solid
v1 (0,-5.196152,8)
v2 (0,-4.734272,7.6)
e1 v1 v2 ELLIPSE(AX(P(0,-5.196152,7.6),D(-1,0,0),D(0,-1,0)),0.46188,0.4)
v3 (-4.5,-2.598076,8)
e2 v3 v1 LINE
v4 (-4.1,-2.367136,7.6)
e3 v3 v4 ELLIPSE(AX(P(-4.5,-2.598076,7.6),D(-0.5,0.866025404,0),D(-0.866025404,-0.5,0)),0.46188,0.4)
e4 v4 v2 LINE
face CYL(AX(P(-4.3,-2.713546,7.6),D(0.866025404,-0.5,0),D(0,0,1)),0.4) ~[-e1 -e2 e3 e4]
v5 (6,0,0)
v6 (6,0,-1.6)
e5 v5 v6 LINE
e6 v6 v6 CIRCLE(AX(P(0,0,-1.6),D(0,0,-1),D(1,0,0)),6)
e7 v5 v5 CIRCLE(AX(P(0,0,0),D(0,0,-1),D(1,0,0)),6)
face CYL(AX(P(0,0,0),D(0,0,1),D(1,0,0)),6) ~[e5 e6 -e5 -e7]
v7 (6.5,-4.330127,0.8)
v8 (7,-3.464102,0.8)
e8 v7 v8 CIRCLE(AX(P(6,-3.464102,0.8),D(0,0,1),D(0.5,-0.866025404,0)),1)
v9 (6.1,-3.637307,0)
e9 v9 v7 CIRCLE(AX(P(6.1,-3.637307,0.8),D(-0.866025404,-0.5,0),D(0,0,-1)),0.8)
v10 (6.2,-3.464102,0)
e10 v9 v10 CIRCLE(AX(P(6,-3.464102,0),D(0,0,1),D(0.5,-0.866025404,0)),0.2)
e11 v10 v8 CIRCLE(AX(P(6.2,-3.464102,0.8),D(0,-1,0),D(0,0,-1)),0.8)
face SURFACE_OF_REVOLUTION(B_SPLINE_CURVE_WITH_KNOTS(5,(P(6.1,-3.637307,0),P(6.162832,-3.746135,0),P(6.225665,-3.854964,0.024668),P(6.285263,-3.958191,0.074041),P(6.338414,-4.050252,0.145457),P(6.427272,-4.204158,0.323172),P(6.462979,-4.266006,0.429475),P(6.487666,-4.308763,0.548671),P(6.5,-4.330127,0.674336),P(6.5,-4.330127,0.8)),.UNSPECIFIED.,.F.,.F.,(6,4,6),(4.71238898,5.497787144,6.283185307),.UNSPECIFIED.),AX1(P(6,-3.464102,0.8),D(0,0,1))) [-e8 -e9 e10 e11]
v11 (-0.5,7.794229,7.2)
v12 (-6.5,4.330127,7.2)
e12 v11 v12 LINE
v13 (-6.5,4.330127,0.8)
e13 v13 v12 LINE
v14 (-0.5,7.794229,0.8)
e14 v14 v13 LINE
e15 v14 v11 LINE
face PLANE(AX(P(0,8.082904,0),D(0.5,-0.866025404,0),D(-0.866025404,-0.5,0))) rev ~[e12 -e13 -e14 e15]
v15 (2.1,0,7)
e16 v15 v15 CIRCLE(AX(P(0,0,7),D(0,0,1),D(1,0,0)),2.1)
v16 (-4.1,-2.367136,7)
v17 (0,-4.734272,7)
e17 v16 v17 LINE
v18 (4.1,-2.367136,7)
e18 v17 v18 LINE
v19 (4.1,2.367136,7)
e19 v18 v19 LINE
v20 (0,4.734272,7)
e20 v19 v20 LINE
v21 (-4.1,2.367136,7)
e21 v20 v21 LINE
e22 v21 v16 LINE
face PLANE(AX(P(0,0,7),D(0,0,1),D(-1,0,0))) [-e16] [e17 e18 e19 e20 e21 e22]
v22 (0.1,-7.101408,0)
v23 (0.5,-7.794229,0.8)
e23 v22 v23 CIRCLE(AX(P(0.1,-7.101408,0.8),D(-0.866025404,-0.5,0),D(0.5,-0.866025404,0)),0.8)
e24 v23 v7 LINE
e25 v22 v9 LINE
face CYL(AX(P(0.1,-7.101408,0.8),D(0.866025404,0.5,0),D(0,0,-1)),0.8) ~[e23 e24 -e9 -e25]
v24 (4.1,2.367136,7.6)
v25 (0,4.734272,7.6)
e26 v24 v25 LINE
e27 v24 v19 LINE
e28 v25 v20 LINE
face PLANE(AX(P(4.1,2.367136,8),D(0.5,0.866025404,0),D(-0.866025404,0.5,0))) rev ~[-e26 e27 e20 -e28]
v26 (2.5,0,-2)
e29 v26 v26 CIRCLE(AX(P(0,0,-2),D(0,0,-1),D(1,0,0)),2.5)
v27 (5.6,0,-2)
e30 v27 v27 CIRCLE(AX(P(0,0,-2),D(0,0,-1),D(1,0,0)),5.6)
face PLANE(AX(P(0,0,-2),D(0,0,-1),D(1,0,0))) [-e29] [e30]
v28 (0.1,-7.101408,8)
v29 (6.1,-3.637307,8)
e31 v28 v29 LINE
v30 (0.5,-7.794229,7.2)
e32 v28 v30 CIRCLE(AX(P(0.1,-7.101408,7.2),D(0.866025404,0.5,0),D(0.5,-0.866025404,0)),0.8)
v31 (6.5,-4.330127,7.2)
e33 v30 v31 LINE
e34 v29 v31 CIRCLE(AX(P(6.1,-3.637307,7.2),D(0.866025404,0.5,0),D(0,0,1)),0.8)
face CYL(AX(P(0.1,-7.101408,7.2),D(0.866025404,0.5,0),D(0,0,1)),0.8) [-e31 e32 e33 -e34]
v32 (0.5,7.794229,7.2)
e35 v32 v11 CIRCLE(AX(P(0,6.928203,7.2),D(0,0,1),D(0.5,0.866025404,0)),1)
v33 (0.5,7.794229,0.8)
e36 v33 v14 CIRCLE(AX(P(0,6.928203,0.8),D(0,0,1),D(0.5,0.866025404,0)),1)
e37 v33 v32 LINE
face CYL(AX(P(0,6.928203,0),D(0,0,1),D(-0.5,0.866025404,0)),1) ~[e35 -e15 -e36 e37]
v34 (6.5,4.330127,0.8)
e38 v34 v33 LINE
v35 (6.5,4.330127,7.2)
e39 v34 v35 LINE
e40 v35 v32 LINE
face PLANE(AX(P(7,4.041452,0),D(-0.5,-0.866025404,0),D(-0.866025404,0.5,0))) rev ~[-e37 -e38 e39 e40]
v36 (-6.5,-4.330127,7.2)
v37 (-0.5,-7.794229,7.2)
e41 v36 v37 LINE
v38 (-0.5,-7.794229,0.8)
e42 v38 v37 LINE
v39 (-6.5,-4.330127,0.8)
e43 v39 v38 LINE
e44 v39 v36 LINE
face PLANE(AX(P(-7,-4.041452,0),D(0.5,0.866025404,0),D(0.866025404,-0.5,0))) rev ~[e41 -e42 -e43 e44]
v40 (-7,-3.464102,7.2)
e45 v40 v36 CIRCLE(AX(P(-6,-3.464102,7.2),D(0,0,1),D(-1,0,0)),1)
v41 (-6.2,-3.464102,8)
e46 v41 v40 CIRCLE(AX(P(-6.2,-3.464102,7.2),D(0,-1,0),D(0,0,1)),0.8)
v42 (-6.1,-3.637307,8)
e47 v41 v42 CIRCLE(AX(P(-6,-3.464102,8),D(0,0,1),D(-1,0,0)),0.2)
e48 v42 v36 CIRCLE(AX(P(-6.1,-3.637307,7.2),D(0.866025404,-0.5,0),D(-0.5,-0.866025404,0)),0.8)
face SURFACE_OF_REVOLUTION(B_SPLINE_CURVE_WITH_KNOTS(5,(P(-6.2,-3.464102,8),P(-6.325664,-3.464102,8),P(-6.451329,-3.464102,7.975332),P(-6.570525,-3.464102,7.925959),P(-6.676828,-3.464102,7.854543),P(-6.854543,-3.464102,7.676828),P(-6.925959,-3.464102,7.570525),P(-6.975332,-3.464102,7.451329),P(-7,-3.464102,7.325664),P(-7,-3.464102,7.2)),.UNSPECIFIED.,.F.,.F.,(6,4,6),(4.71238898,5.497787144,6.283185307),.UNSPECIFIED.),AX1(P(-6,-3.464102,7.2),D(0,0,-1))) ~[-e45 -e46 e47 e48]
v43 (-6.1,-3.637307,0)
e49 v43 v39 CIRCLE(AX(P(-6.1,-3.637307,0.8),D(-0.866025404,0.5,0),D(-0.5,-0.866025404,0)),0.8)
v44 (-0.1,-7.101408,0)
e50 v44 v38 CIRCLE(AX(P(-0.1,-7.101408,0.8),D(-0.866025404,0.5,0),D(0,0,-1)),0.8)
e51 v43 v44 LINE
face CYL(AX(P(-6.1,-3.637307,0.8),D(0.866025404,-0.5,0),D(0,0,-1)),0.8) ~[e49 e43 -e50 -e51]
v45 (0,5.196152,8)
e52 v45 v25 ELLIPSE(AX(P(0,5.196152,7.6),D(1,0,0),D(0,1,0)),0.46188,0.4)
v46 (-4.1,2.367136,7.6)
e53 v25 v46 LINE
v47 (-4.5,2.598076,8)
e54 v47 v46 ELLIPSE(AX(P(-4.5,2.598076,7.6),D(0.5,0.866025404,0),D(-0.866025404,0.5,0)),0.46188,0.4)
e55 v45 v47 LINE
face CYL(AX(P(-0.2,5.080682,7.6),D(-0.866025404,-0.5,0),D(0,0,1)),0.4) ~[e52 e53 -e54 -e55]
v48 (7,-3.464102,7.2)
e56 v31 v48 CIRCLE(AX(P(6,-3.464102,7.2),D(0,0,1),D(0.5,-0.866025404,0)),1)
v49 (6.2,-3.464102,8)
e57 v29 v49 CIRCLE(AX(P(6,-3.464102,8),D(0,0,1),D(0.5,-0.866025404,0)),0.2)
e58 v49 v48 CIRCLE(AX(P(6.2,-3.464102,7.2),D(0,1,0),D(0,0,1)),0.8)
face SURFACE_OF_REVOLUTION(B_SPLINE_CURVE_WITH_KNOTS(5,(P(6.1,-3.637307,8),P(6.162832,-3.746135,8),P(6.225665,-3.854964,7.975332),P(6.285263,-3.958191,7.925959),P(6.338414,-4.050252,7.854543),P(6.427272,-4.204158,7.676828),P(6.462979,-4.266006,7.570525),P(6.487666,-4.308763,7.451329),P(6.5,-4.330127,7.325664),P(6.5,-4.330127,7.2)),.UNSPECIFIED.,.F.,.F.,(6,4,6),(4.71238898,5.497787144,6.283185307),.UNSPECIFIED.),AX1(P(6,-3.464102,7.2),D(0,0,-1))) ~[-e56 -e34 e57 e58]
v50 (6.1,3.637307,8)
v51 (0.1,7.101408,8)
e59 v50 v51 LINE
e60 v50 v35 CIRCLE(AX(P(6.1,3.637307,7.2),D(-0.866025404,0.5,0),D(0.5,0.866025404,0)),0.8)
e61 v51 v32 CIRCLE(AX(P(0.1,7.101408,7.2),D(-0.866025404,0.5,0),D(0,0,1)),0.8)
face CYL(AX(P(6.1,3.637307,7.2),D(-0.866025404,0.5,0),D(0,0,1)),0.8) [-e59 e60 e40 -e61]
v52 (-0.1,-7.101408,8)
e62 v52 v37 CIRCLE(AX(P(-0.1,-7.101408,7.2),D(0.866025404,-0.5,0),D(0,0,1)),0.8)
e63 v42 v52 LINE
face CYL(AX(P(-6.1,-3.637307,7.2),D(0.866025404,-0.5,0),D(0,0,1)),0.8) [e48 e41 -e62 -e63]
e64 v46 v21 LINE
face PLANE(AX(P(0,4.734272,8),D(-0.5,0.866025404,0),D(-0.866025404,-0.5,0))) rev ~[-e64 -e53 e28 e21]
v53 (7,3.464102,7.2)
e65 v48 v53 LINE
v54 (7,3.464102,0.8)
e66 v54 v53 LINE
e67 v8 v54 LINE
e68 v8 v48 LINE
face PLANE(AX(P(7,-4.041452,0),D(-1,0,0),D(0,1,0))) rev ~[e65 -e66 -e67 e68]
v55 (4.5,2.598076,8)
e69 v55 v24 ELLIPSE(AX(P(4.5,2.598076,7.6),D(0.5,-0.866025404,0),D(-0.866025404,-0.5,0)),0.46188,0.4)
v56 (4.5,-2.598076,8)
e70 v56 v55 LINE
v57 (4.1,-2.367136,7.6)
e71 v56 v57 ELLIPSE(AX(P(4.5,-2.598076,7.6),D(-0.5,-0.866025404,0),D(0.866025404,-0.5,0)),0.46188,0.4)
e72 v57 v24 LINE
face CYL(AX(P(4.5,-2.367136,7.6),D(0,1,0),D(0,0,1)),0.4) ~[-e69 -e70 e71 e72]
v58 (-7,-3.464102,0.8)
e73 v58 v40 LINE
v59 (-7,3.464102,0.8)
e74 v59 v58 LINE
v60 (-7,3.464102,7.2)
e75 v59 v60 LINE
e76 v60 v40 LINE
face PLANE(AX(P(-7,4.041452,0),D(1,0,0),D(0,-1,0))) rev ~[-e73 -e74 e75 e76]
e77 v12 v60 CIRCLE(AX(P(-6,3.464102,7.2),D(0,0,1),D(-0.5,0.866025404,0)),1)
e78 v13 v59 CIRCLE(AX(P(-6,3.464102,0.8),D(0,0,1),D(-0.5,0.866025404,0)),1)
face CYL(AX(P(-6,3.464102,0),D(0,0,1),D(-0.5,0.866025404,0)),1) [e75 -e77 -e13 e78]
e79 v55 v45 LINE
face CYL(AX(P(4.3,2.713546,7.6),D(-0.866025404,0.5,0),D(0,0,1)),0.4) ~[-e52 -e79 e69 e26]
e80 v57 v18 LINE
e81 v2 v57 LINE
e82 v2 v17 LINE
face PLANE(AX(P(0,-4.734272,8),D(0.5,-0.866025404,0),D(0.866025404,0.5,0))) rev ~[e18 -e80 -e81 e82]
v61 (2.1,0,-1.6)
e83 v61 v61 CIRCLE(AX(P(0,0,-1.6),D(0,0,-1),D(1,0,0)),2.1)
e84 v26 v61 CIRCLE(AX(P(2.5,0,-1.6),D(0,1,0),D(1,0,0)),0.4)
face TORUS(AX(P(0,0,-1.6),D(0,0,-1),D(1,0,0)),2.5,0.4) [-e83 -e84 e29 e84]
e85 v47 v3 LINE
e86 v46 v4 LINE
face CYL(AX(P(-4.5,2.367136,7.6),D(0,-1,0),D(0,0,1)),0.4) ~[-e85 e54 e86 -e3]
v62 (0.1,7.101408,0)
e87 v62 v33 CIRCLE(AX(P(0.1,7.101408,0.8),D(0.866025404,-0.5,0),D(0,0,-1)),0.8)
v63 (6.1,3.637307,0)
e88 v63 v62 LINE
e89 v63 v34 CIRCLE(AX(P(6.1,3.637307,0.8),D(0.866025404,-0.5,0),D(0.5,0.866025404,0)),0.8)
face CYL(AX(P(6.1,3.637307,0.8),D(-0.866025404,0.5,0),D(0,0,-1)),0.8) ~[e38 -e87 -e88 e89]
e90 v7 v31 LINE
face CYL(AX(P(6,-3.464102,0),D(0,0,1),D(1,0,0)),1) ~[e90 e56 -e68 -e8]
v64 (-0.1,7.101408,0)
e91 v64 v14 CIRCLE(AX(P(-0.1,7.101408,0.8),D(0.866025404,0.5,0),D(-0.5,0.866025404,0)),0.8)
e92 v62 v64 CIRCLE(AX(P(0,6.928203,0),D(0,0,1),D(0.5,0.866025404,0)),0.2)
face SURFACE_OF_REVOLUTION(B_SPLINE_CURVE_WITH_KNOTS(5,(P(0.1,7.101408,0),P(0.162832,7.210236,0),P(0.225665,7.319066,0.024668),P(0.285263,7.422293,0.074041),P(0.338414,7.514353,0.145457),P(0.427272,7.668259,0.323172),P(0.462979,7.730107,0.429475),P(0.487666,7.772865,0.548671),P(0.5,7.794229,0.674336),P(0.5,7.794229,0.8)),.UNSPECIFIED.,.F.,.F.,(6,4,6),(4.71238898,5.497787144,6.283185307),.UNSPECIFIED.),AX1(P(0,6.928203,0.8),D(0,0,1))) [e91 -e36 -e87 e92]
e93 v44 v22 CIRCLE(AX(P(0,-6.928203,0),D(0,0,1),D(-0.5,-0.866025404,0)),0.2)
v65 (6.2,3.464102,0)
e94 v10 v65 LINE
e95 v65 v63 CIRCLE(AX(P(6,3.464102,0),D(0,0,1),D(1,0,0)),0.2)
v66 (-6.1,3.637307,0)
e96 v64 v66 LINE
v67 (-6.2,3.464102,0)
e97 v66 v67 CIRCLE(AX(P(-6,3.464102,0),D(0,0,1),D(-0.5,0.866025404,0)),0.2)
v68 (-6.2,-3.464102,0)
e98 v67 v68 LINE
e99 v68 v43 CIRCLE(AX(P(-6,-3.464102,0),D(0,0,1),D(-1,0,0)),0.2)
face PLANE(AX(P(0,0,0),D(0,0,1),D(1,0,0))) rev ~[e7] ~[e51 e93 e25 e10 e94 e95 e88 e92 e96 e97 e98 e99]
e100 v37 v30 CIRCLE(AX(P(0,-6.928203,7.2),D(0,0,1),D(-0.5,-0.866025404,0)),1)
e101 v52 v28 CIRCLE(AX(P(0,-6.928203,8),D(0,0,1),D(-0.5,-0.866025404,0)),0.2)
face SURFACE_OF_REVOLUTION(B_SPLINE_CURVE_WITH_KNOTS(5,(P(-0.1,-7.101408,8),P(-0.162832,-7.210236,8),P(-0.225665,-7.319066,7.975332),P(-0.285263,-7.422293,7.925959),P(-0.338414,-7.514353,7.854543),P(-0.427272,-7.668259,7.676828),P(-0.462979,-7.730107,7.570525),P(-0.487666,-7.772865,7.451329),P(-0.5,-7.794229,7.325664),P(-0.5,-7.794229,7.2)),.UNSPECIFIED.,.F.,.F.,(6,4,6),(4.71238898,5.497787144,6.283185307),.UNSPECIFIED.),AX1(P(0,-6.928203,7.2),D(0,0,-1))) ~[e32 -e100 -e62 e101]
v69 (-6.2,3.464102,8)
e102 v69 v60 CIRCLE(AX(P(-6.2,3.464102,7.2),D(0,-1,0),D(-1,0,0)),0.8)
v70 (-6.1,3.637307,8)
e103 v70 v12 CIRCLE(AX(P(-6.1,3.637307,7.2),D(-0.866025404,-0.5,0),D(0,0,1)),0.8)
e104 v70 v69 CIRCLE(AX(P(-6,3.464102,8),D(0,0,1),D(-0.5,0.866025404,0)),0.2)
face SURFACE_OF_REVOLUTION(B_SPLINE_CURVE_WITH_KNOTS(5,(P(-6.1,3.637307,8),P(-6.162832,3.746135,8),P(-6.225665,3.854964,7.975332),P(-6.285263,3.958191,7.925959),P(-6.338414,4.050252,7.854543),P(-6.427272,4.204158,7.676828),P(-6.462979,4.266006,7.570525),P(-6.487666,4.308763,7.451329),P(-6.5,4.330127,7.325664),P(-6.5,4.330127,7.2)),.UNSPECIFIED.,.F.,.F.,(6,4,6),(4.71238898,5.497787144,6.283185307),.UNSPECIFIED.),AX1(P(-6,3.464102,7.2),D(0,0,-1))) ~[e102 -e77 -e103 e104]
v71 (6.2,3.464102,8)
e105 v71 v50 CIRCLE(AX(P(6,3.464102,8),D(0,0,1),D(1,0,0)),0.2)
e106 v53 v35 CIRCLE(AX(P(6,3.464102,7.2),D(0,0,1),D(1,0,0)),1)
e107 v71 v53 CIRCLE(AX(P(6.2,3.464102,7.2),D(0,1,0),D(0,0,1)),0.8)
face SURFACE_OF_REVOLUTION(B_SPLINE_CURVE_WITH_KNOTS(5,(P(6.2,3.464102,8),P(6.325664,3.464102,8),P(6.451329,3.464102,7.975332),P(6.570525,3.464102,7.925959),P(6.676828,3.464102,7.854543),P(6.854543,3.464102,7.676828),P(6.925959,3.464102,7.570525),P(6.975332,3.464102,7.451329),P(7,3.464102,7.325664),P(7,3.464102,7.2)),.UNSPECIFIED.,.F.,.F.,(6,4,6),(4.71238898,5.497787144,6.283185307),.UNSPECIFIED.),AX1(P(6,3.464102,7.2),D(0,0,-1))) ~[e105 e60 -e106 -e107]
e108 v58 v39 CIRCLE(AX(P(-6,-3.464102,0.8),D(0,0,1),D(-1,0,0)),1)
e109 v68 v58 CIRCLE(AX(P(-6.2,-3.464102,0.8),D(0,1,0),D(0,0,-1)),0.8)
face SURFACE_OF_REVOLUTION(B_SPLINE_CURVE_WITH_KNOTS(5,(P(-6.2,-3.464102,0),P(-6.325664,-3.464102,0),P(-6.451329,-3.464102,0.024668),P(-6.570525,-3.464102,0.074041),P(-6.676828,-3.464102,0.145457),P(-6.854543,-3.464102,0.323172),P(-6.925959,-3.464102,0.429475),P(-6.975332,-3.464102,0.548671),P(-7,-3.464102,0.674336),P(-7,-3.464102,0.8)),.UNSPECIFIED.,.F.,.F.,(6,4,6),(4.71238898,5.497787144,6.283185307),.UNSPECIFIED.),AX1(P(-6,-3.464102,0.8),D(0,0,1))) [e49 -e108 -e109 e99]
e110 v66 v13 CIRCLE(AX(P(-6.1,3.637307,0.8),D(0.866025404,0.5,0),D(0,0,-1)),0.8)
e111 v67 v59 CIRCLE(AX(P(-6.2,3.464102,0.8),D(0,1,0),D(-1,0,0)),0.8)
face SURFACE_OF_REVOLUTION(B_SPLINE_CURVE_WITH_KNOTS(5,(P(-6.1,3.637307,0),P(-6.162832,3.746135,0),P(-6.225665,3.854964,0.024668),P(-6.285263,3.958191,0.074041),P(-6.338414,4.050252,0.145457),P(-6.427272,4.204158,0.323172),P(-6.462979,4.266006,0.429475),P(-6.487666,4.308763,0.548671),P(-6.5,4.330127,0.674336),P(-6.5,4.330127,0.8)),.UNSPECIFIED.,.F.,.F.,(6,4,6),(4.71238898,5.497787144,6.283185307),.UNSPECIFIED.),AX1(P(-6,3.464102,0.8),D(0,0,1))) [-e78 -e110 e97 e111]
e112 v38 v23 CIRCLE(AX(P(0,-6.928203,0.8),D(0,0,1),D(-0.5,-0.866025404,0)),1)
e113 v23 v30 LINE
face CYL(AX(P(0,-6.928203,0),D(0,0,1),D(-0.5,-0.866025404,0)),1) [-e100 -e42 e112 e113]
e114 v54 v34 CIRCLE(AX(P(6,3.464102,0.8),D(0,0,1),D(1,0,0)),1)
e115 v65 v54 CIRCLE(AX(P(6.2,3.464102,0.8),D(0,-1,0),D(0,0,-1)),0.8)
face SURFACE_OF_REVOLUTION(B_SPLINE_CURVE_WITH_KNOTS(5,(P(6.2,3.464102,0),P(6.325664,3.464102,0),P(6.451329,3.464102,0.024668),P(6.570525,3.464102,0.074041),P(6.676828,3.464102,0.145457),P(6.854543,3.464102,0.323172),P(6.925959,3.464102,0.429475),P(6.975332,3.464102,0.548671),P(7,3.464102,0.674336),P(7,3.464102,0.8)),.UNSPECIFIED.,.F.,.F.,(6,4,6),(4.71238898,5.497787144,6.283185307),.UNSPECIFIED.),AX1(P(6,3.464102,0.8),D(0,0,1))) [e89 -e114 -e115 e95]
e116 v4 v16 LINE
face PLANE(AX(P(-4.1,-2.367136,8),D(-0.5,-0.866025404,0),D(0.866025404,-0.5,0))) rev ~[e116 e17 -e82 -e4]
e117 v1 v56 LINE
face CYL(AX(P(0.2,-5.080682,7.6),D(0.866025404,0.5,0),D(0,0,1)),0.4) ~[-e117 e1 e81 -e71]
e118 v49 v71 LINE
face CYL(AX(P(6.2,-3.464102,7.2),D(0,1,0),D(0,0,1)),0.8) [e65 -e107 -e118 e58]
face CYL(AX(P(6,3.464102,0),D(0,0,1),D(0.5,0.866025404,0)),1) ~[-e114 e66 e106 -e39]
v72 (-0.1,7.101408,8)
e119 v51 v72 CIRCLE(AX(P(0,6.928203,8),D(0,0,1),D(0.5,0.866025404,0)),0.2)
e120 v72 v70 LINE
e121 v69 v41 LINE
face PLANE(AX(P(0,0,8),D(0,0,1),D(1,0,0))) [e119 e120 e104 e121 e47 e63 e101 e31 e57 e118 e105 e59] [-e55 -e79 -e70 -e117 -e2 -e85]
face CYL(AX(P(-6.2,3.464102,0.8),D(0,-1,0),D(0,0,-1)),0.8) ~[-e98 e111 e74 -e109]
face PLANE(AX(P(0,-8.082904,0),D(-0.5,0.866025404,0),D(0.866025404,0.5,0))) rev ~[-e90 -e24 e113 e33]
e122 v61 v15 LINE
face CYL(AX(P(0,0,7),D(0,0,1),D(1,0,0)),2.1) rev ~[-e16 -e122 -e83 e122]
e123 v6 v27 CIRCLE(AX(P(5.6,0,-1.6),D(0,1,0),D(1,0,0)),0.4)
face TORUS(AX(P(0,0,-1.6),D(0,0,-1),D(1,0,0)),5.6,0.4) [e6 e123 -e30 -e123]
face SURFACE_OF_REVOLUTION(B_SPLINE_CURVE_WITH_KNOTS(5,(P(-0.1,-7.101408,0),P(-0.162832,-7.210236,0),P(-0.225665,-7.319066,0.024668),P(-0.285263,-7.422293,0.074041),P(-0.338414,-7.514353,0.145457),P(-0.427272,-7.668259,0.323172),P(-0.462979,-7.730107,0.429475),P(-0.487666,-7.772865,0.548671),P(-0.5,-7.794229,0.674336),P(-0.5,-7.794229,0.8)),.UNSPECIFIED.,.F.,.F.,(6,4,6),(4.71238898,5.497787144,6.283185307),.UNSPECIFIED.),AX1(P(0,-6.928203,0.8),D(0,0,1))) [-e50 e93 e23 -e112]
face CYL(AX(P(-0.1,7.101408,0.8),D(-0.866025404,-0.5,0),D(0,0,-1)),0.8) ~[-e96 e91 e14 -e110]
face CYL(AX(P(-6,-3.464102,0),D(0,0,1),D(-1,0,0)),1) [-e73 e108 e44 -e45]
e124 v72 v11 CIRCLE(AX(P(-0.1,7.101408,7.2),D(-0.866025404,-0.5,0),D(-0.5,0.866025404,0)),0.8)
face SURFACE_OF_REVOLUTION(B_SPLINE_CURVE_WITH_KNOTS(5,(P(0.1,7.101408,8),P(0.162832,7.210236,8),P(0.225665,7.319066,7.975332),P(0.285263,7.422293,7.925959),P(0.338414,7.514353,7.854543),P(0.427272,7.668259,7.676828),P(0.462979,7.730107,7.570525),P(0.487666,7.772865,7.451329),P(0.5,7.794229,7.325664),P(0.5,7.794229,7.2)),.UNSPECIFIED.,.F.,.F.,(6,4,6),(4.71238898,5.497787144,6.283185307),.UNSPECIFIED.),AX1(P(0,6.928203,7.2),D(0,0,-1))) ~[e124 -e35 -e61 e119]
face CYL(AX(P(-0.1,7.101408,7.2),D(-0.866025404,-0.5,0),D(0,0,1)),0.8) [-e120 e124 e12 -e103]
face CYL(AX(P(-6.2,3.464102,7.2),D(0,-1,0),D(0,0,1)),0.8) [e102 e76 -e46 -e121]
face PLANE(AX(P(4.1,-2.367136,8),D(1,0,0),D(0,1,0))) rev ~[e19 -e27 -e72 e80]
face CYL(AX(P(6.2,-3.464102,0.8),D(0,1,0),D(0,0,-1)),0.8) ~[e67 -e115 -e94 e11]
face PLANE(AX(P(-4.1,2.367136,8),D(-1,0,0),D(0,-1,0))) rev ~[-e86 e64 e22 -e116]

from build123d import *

# Parameters (mm, degrees)
BOSS_EXTRUDE1_DEPTH = 8
CUT_EXTRUDE1_DEPTH  = 1
SKETCH3_R           = 2.1
CUT_EXTRUDE2_DEPTH  = 5
FILLET1_R           = 1
FILLET2_R           = 0.8
FILLET3_R           = 0.4
SKETCH4_R           = 6
SKETCH4_R_2         = 2.1
BOSS_EXTRUDE2_DEPTH = 2
FILLET4_R           = 0.4
SKETCH5_R           = 2.1
BOSS_EXTRUDE3_DEPTH = 0.4
SKETCH6_R           = 2.1
CUT_EXTRUDE3_DEPTH  = 14.88727504


with BuildPart() as part:
    # Sketch1 → Boss-Extrude1 (new body)
    with BuildSketch(Plane.XY):
        Polygon((0, 8.082903769), (-7, 4.041451884), (-7, -4.041451884), (0, -8.082903769), (7, -4.041451884), (7, 4.041451884), align=None)
    extrude(amount=BOSS_EXTRUDE1_DEPTH)

    # Sketch2 → Cut-Extrude1 (cut)
    with BuildSketch(Plane.XY.offset(8)):
        Polygon((0, 4.734272207), (-4.1, 2.367136104), (-4.1, -2.367136104), (0, -4.734272207), (4.1, -2.367136104), (4.1, 2.367136104), align=None)
    extrude(amount=-CUT_EXTRUDE1_DEPTH, mode=Mode.SUBTRACT)

    # Sketch3 → Cut-Extrude2 (cut)
    with BuildSketch(Plane.XY.offset(7)):
        Circle(SKETCH3_R)
    extrude(amount=-CUT_EXTRUDE2_DEPTH, mode=Mode.SUBTRACT)

    # Fillet1
    fillet1_edges = [part.edges().sort_by_distance(p)[0] for p in [
        (7, 4.041451884, 4),
        (7, -4.041451884, 4),
        (0, -8.082903769, 4),
        (-7, -4.041451884, 4),
        (-7, 4.041451884, 4),
        (0, 8.082903769, 4),
    ]]
    fillet(fillet1_edges, radius=FILLET1_R)

    # Fillet2
    fillet2_edges = [part.edges().sort_by_distance(p)[0] for p in [
        (7, 0, 0),
        (7, 0, 8),
        (3.5, 6.062177826, 0),
        (3.5, -6.062177826, 0),
        (-3.5, -6.062177826, 0),
        (-7, 0, 0),
        (-3.5, 6.062177826, 0),
        (6.866025404, 3.964101615, 0),
        (0, 7.92820323, 0),
        (-6.866025404, 3.964101615, 0),
        (-6.866025404, -3.964101615, 0),
        (0, -7.92820323, 0),
        (6.866025404, -3.964101615, 0),
        (3.5, -6.062177826, 8),
        (3.5, 6.062177826, 8),
        (-3.5, 6.062177826, 8),
        (-7, 0, 8),
        (-3.5, -6.062177826, 8),
        (6.866025404, 3.964101615, 8),
        (0, 7.92820323, 8),
        (-6.866025404, 3.964101615, 8),
        (-6.866025404, -3.964101615, 8),
        (0, -7.92820323, 8),
        (6.866025404, -3.964101615, 8),
    ]]
    fillet(fillet2_edges, radius=FILLET2_R)

    # Fillet3
    fillet3_edges = [part.edges().sort_by_distance(p)[0] for p in [
        (2.05, 3.550704156, 8),
        (-2.05, 3.550704156, 8),
        (-4.1, 0, 8),
        (-2.05, -3.550704156, 8),
        (2.05, -3.550704156, 8),
        (4.1, 0, 8),
    ]]
    fillet(fillet3_edges, radius=FILLET3_R)

    # Sketch4 → Boss-Extrude2 (add)
    with BuildSketch(Plane(origin=(0, 0, 0), x_dir=(-1, 0, 0), z_dir=(0, 0, -1))):
        with Locations(Location((0, 0, 0), (0, 0, 180))):
            Circle(SKETCH4_R)
        with Locations(Location((0, 0, 0), (0, 0, 180))):
            Circle(SKETCH4_R_2, mode=Mode.SUBTRACT)
    extrude(amount=BOSS_EXTRUDE2_DEPTH)

    # Fillet4
    fillet4_edges = [part.edges().sort_by_distance(p)[0] for p in [
        (-6, 0, -2),
        (-2.1, 0, -2),
    ]]
    fillet(fillet4_edges, radius=FILLET4_R)

    # Sketch5 → Boss-Extrude3 (add)
    with BuildSketch(Plane.XY.offset(7)):
        with Locations(Location((0, 0, 0), (0, 0, 180))):
            Circle(SKETCH5_R)
    extrude(amount=-BOSS_EXTRUDE3_DEPTH)

    # Sketch6 → Cut-Extrude3 (cut, through all)
    with BuildSketch(Plane.XY.offset(7)):
        Circle(SKETCH6_R)
    extrude(amount=-CUT_EXTRUDE3_DEPTH, mode=Mode.SUBTRACT)


solid = part.part
